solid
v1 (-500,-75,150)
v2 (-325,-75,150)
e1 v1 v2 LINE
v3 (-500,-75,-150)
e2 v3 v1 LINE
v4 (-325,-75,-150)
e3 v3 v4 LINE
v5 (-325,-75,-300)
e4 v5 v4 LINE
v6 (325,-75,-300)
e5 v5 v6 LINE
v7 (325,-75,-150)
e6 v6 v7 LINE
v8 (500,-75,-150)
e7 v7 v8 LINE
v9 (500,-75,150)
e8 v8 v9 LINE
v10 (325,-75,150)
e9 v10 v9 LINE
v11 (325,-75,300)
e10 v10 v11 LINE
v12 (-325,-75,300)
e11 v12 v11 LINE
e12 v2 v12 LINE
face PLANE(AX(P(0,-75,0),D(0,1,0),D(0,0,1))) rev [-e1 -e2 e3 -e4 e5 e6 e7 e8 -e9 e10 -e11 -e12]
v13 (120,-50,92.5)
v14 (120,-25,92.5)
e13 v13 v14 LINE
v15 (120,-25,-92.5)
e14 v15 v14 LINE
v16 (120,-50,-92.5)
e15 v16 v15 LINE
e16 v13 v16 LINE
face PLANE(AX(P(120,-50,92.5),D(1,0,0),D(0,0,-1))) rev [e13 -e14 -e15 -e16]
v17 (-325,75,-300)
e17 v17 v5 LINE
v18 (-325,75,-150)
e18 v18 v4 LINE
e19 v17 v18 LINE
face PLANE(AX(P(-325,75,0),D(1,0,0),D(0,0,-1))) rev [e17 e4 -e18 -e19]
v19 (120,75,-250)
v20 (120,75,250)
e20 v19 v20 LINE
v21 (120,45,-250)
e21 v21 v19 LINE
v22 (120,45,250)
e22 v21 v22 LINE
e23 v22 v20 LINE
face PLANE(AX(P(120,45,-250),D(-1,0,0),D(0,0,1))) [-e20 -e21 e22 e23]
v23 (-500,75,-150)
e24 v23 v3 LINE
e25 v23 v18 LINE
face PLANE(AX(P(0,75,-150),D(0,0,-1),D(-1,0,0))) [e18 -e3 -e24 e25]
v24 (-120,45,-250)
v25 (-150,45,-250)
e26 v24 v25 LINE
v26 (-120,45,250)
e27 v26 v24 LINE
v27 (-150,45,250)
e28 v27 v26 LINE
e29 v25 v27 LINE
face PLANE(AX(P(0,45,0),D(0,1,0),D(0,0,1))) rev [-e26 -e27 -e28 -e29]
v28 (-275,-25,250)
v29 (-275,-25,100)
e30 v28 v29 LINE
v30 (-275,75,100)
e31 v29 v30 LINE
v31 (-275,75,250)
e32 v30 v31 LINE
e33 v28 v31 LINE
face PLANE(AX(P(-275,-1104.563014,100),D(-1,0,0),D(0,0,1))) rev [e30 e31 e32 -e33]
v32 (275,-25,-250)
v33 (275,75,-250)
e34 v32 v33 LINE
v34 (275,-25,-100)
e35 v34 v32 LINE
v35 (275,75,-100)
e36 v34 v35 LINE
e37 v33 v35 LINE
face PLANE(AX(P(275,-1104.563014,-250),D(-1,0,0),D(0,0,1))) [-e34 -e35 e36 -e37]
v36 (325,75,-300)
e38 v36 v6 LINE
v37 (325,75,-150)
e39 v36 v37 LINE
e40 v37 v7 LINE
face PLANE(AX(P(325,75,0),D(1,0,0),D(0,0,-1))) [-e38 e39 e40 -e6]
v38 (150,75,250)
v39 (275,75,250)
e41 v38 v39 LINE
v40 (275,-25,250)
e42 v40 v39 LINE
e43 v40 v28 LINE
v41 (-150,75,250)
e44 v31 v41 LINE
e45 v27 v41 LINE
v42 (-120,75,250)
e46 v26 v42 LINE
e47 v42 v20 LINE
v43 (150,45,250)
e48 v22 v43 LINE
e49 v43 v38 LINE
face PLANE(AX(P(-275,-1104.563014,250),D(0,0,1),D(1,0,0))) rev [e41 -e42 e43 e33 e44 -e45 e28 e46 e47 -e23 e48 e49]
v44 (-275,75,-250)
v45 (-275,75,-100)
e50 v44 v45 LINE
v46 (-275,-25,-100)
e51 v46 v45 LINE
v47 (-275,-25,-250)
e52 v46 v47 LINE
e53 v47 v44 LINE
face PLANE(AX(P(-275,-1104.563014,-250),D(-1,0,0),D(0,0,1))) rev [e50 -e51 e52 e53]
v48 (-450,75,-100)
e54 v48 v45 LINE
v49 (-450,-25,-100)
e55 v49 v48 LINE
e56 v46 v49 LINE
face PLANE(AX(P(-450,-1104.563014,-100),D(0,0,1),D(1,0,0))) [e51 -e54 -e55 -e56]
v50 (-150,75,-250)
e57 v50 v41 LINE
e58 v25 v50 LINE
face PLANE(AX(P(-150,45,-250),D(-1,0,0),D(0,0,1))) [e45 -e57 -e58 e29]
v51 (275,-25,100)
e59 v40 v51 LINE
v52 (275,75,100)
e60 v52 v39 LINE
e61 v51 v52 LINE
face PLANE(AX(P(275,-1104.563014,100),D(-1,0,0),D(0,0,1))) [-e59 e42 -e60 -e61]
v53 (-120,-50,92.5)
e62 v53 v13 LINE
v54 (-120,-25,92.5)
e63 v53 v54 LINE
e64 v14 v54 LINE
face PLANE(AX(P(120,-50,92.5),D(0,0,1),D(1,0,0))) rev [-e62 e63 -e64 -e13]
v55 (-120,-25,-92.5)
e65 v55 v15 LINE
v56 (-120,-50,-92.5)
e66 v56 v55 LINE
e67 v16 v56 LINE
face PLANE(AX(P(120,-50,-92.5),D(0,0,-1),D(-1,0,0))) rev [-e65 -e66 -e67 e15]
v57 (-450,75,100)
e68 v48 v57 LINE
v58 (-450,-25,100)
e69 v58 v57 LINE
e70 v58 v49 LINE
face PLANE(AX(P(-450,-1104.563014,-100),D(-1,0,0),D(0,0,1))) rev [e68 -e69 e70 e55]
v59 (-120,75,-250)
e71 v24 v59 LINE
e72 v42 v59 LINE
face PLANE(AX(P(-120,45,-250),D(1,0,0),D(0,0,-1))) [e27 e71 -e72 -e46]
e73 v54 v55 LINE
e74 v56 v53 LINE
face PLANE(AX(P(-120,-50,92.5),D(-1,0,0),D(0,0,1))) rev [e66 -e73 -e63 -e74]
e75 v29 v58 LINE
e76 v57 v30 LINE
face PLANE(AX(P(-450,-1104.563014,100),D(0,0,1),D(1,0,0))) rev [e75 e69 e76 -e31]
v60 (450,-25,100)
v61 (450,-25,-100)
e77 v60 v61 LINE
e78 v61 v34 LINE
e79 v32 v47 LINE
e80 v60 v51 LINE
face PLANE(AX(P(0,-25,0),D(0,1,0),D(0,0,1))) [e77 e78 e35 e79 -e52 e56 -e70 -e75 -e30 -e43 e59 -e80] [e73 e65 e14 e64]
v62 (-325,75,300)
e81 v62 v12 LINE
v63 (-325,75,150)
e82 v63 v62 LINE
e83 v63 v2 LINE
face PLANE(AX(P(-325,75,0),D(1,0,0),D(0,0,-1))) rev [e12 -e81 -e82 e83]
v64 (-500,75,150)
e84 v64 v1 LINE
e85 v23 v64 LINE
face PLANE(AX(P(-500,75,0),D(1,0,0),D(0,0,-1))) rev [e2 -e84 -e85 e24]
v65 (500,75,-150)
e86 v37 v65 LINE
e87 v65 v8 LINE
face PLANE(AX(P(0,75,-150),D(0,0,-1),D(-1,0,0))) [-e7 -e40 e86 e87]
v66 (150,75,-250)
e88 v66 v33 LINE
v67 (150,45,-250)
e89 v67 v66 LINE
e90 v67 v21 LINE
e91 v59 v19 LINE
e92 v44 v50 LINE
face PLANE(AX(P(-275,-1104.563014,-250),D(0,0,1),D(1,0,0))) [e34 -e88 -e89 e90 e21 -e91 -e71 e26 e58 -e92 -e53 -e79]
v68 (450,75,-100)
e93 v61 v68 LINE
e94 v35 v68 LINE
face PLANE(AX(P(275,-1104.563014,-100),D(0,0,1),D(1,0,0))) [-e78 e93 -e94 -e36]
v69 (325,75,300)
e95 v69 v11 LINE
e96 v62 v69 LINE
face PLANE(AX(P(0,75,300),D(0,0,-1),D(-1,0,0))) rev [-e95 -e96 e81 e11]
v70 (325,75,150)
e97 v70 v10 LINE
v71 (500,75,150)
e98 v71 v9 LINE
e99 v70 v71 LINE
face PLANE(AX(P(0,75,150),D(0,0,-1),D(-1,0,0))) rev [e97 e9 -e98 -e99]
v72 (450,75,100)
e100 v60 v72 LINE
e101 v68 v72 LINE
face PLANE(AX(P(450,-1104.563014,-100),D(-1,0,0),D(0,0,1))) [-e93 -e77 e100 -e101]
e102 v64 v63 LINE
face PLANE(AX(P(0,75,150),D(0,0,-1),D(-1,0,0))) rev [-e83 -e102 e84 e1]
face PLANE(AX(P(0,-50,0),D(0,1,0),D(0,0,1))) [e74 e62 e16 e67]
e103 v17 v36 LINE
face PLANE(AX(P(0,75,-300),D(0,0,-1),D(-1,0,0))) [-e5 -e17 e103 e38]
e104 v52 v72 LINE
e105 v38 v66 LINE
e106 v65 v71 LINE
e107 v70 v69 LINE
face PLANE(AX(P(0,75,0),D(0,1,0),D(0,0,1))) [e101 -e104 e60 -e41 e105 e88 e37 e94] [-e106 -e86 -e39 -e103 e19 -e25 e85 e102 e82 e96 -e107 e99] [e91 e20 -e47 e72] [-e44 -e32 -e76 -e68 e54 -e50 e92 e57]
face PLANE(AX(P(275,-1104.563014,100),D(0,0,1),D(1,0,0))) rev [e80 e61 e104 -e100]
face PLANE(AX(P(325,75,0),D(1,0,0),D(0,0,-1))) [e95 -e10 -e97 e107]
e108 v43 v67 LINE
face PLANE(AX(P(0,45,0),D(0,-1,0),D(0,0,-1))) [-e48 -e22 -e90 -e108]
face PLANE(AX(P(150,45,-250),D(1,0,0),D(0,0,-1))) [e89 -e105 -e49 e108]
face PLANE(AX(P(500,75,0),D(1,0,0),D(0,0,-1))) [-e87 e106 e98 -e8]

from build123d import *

# Parameters (mm, degrees)
SKETCH1_W           = 650
SKETCH1_H           = 300
SKETCH1_W_2         = 175
SKETCH1_H_2         = 150
BOSS_EXTRUDE1_DEPTH = 75
SKETCH2_W           = 240
SKETCH2_H           = 185
CUT_EXTRUDE1_DEPTH  = 125
CUT_EXTRUDE2_DEPTH  = 100
SKETCH4_W           = 30
SKETCH4_H           = 500
BOSS_EXTRUDE2_DEPTH = 30


with BuildPart() as part:
    # Sketch1 → Boss-Extrude1 (new, symmetric)
    with BuildSketch(Plane(origin=(0, 0, 0), x_dir=(1, 0, 0), z_dir=(0, 1, 0))):
        Rectangle(SKETCH1_W, SKETCH1_H)
        with Locations((-412.5, 0)):
            Rectangle(SKETCH1_W_2, SKETCH1_H)
        with Locations((0, -225)):
            Rectangle(SKETCH1_W, SKETCH1_H_2)
        with Locations((412.5, 0)):
            Rectangle(SKETCH1_W_2, SKETCH1_H)
        with Locations((0, 225)):
            Rectangle(SKETCH1_W, SKETCH1_H_2)
    extrude(amount=BOSS_EXTRUDE1_DEPTH, both=True)

    # Sketch2 → Cut-Extrude1 (cut)
    with BuildSketch(Plane(origin=(0, 75, 0), x_dir=(1, 0, 0), z_dir=(0, 1, 0))):
        Rectangle(SKETCH2_W, SKETCH2_H)
    extrude(amount=-CUT_EXTRUDE1_DEPTH, mode=Mode.SUBTRACT)

    # Sketch3 → Cut-Extrude2 (cut)
    with BuildSketch(Plane(origin=(0, 75, 0), x_dir=(1, 0, 0), z_dir=(0, 1, 0))):
        Polygon((-450, 100), (-275, 100), (-275, 250), (275, 250), (275, 100), (450, 100), (450, -100), (275, -100), (275, -250), (-275, -250), (-275, -100), (-450, -100), align=None)
    extrude(amount=-CUT_EXTRUDE2_DEPTH, mode=Mode.SUBTRACT)

    # Sketch4 → Boss-Extrude2 (add)
    with BuildSketch(Plane(origin=(0, 75, 0), x_dir=(1, 0, 0), z_dir=(0, 1, 0))):
        with Locations((-135, 0)):
            Rectangle(SKETCH4_W, SKETCH4_H)
        with Locations((135, 0)):
            Rectangle(SKETCH4_W, SKETCH4_H)
    extrude(amount=-BOSS_EXTRUDE2_DEPTH)


solid = part.part
